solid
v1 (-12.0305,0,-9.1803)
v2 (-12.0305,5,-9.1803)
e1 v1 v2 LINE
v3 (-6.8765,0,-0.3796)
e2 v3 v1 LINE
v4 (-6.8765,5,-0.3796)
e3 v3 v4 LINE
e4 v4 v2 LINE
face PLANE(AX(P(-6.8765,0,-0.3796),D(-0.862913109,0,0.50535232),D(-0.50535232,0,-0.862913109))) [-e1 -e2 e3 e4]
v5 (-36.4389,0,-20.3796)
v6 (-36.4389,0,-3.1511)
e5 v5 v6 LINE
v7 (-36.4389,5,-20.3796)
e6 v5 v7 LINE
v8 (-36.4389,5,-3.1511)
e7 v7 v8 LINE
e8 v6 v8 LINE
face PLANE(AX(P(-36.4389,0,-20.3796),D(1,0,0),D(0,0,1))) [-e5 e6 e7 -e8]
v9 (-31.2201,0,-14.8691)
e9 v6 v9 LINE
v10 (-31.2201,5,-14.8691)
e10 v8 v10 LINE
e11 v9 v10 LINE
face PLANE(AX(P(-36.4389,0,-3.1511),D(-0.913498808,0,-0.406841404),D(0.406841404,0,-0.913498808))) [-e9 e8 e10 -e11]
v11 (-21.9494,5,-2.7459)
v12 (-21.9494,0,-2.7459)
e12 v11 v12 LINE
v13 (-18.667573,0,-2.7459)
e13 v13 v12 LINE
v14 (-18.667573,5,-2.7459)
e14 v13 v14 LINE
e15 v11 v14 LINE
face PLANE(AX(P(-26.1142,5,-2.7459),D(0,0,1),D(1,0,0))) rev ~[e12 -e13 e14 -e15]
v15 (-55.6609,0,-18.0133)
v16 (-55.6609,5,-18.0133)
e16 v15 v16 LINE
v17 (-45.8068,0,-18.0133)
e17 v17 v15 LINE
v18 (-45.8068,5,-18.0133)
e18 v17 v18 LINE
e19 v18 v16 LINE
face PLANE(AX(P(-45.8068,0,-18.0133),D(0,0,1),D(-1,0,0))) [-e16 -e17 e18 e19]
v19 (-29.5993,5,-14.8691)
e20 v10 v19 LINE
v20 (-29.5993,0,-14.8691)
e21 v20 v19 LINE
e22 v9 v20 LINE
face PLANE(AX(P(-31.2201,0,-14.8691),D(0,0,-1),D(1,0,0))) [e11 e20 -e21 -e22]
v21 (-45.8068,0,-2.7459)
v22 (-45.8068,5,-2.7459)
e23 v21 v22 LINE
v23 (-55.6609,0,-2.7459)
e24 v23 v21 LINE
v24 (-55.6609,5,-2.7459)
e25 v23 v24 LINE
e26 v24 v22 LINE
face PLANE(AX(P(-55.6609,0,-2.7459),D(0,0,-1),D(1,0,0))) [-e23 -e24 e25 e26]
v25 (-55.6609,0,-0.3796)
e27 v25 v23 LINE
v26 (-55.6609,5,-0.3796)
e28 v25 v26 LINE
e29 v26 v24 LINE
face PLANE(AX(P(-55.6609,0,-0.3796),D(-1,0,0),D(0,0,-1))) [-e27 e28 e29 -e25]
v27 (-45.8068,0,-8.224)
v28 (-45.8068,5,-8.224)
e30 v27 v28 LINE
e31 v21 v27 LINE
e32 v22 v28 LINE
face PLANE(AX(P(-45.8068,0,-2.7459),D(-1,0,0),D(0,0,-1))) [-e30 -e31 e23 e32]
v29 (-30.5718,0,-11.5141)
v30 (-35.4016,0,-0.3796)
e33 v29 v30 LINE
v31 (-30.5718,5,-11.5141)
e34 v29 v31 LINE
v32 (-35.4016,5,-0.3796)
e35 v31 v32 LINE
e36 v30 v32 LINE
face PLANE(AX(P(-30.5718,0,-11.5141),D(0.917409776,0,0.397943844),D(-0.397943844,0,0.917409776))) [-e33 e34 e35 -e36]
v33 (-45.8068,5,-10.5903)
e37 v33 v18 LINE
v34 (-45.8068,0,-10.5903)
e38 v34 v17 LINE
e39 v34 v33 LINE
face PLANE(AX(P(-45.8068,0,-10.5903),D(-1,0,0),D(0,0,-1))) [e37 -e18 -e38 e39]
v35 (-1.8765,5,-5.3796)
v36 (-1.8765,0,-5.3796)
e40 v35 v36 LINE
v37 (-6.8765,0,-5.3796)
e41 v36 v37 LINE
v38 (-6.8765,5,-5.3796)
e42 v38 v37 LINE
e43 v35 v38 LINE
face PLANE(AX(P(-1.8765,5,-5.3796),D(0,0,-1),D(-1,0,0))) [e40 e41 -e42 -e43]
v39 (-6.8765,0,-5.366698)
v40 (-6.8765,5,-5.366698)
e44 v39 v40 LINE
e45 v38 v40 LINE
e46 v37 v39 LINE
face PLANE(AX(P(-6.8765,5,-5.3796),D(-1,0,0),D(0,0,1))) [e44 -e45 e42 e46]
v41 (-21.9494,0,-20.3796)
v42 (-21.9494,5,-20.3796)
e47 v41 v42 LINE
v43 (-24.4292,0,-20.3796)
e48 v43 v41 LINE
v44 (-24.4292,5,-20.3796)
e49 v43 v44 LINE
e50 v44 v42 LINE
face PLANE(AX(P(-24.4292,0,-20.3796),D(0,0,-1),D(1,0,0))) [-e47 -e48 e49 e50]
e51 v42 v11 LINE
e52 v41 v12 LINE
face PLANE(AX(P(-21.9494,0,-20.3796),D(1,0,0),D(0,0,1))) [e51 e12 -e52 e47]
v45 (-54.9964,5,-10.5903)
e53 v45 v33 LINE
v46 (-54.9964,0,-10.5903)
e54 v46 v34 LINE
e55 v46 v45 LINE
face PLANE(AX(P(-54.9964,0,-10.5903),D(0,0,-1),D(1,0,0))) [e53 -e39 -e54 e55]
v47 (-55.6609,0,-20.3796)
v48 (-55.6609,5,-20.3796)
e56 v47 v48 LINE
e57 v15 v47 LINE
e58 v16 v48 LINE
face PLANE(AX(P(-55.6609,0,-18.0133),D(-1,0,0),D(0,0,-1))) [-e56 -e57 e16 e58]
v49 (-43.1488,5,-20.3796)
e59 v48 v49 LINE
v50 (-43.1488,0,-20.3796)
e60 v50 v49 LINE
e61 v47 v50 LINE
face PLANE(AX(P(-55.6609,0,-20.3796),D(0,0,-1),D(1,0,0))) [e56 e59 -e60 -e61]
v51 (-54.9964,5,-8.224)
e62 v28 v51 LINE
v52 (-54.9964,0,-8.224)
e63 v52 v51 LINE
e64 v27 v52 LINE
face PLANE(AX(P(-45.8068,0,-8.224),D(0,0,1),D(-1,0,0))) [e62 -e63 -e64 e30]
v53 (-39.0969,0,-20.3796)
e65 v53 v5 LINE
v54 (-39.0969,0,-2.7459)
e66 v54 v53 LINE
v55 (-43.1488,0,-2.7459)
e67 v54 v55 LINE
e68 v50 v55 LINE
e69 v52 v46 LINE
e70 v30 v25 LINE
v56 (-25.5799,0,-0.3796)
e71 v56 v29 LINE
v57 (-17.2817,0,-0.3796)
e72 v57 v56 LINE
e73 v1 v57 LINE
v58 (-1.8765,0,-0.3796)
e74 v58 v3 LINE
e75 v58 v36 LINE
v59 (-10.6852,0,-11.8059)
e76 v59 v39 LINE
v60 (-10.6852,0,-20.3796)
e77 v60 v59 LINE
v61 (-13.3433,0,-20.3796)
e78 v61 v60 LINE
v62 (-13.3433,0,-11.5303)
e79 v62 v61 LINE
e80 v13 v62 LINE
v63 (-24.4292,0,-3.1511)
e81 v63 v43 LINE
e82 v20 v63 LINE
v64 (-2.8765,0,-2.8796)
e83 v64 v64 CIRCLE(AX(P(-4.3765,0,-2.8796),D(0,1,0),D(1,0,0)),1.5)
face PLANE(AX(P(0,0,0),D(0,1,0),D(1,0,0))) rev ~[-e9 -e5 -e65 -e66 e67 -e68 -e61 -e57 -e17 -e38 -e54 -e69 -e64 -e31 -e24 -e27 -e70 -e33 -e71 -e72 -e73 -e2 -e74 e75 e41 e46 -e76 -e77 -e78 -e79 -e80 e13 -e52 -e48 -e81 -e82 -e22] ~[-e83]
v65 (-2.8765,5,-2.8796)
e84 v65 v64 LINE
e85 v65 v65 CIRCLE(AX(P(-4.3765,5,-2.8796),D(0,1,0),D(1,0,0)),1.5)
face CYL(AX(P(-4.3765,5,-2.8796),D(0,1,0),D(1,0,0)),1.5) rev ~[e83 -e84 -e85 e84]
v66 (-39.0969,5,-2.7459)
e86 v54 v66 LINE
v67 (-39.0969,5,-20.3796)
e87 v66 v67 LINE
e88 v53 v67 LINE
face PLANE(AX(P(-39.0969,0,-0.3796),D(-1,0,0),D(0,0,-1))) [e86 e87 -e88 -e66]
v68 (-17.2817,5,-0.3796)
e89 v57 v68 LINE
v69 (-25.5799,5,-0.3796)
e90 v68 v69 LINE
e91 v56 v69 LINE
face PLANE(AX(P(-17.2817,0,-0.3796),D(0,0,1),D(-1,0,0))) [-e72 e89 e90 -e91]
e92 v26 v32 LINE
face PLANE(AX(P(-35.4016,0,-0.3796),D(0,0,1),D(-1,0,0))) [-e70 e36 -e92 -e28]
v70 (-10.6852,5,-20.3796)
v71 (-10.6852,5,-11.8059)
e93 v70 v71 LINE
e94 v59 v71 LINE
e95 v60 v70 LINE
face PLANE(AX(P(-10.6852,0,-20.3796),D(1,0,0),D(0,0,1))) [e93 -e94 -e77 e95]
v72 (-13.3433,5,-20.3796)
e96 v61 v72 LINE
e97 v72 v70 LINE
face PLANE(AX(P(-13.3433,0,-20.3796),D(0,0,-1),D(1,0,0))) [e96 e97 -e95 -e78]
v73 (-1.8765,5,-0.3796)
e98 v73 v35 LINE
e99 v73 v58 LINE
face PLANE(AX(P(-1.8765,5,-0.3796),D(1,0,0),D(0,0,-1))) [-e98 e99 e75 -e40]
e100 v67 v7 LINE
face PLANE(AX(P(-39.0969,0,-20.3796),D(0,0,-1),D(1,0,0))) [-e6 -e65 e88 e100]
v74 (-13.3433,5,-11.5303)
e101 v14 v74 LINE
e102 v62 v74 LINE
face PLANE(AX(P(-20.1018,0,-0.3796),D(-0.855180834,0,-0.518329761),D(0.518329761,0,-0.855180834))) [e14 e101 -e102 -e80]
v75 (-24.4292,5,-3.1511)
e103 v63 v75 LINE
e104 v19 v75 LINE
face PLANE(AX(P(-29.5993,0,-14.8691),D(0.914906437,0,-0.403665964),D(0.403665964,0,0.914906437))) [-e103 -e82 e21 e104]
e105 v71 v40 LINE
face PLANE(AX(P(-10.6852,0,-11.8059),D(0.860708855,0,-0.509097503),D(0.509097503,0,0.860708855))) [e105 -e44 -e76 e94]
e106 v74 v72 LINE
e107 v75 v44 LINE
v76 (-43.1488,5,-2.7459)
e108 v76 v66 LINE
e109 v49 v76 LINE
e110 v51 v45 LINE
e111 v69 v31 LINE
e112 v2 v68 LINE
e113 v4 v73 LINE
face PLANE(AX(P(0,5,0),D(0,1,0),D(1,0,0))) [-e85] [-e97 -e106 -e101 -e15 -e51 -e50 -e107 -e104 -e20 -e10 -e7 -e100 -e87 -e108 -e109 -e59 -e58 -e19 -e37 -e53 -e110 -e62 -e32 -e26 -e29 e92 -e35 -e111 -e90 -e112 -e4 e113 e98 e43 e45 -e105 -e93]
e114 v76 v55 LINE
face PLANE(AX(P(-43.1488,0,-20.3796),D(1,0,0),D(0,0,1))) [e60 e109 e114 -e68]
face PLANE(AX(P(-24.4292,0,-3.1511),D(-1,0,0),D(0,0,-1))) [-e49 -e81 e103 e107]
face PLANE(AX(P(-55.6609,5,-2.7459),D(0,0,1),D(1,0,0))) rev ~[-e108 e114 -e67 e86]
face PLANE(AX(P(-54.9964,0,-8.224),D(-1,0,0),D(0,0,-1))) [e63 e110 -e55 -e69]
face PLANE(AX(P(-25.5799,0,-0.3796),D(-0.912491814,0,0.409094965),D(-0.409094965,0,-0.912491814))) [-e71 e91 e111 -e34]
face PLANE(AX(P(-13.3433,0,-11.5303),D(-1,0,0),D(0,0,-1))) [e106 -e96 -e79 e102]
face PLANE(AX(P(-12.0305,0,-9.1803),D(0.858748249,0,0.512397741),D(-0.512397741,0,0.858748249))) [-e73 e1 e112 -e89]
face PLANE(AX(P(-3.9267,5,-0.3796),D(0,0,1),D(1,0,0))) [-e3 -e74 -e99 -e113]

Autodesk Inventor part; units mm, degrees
ref_plane "YZ Plane" through (0, 0, 0) normal (1, 0, 0) x (0, 1, 0)
ref_plane "XZ Plane" through (0, 0, 0) normal (0, 1, 0) x (-1, 0, 0)
ref_plane "XY Plane" through (0, 0, 0) normal (0, 0, 1) x (1, 0, 0)
sketch "Sketch1" plane through (0, 0, 0) normal (0, 1, 0) x (-1, 0, 0)
  line L0 (4.0726, -0.3796) -> (56.5523, -0.3796) construction
  line L1 (56.5523, -0.3796) -> (56.5523, -20.3796) construction
  line L2 (56.5523, -20.3796) -> (4.0726, -20.3796) construction
  line L3 (4.0726, -20.3796) -> (4.0726, -0.3796) construction
  line L4 (20.1018, -0.3796) -> (13.3433, -11.5303)
  line L5 (13.3433, -11.5303) -> (13.3433, -20.3796)
  line L6 (13.3433, -20.3796) -> (10.6852, -20.3796)
  line L7 (10.6852, -20.3796) -> (10.6852, -11.8059)
  line L8 (10.6852, -11.8059) -> (3.9267, -0.3796)
  line L9 (3.9267, -0.3796) -> (6.8765, -0.3796)
  line L10 (6.8765, -0.3796) -> (12.0305, -9.1803)
  line L11 (12.0305, -9.1803) -> (17.2817, -0.3796)
  line L12 (17.2817, -0.3796) -> (20.1018, -0.3796)
  line L13 (39.0969, -20.3796) -> (36.4389, -20.3796)
  line L14 (36.4389, -20.3796) -> (36.4389, -3.1511)
  line L15 (36.4389, -3.1511) -> (31.2201, -14.8691)
  line L16 (31.2201, -14.8691) -> (29.5993, -14.8691)
  line L17 (29.5993, -14.8691) -> (24.4292, -3.1511)
  line L18 (24.4292, -3.1511) -> (24.4292, -20.3796)
  line L19 (24.4292, -20.3796) -> (21.9494, -20.3796)
  line L20 (21.9494, -20.3796) -> (21.9494, -0.3796)
  line L21 (21.9494, -0.3796) -> (25.5799, -0.3796)
  line L22 (25.5799, -0.3796) -> (30.5718, -11.5141)
  line L23 (30.5718, -11.5141) -> (35.4016, -0.3796)
  line L24 (35.4016, -0.3796) -> (39.0969, -0.3796)
  line L25 (39.0969, -0.3796) -> (39.0969, -20.3796)
  line L26 (43.1488, -20.3796) -> (43.1488, -0.3796)
  line L27 (43.1488, -0.3796) -> (55.6609, -0.3796)
  line L28 (55.6609, -0.3796) -> (55.6609, -2.7459)
  line L29 (55.6609, -2.7459) -> (45.8068, -2.7459)
  line L30 (45.8068, -2.7459) -> (45.8068, -8.224)
  line L31 (45.8068, -8.224) -> (54.9964, -8.224)
  line L32 (54.9964, -8.224) -> (54.9964, -10.5903)
  line L33 (54.9964, -10.5903) -> (45.8068, -10.5903)
  line L34 (45.8068, -10.5903) -> (45.8068, -18.0133)
  line L35 (45.8068, -18.0133) -> (55.6609, -18.0133)
  line L36 (55.6609, -18.0133) -> (55.6609, -20.3796)
  line L37 (55.6609, -20.3796) -> (43.1488, -20.3796)
  point P0 (0, 0)
extrude "Extrusion1" add sketch "Sketch1" along normal blind 5
sketch "Sketch2" plane through (0, 5, 0) normal (0, 1, 0) x (1, 0, 0)
  line L0 (-17.2817, 0.3796) -> (-12.0305, 9.1803) projected
  line L1 (-55.6609, 0.3796) -> (-43.1488, 0.3796) projected
  line L2 (-17.2817, 0.3796) -> (-20.1018, 0.3796)
  line L3 (-55.6609, 2.7459) -> (-55.6609, 0.3796) projected
  line L4 (-55.6609, 0.3796) -> (-55.6609, 2.7459)
  line L5 (-55.6609, 2.7459) -> (-16.2934, 2.7459)
  line L6 (-16.2934, 2.7459) -> (-17.3426, 0.3796)
  line L7 (-13.3433, 11.5303) -> (-20.1018, 0.3796) projected
  line L8 (-20.1018, 0.3796) -> (-24.9933, 0.3796)
  line L9 (-21.9494, 0.3796) -> (-25.5799, 0.3796) projected
  line L10 (-26.1142, 2.7459) -> (-24.9933, 0.3796)
  line L11 (-55.6609, 0.3796) -> (-38.2567, 0.3796)
  line L12 (-39.0969, 0.3796) -> (-35.4016, 0.3796) projected
  line L13 (-38.2567, 2.7459) -> (-49.9322, 2.7459)
  line L14 (-38.2567, 0.3796) -> (-38.2567, 2.7459)
  point P0 (0, 0)
extrude "Extrusion2" add sketch "Sketch2" against normal blind 5
sketch "Sketch3" plane through (0, 5, 0) normal (0, 1, 0) x (1, 0, 0)
  line L0 (-6.8765, 0.3796) -> (-3.9267, 0.3796) projected
  line L1 (-6.8765, 0.3796) -> (-1.8765, 0.3796)
  line L2 (-1.8765, 0.3796) -> (-1.8765, 5.3796)
  line L3 (-1.8765, 5.3796) -> (-6.8765, 5.3796)
  line L4 (-6.8765, 5.3796) -> (-6.8765, 0.3796)
  point P0 (0, 0)
  dimension "d9" = 5
  dimension "d10" = 5
extrude "Extrusion3" add sketch "Sketch3" against normal blind 5
sketch "Sketch4" plane through (0, 5, 0) normal (0, 1, 0) x (1, 0, 0)
  circle A0 centre (-4.3765, 2.8796) radius 1.5
  line L0 (-6.8765, 0.3796) -> (-1.8765, 0.3796) projected
  line L1 (-1.8765, 0.3796) -> (-1.8765, 5.3796) projected
  point P0 (0, 0)
  dimension "d6" = 2.5
  dimension "d11" = 2.5
  dimension "d12" = 3
extrude "Extrusion4" cut sketch "Sketch4" against normal blind 5
properties part number "YME"
